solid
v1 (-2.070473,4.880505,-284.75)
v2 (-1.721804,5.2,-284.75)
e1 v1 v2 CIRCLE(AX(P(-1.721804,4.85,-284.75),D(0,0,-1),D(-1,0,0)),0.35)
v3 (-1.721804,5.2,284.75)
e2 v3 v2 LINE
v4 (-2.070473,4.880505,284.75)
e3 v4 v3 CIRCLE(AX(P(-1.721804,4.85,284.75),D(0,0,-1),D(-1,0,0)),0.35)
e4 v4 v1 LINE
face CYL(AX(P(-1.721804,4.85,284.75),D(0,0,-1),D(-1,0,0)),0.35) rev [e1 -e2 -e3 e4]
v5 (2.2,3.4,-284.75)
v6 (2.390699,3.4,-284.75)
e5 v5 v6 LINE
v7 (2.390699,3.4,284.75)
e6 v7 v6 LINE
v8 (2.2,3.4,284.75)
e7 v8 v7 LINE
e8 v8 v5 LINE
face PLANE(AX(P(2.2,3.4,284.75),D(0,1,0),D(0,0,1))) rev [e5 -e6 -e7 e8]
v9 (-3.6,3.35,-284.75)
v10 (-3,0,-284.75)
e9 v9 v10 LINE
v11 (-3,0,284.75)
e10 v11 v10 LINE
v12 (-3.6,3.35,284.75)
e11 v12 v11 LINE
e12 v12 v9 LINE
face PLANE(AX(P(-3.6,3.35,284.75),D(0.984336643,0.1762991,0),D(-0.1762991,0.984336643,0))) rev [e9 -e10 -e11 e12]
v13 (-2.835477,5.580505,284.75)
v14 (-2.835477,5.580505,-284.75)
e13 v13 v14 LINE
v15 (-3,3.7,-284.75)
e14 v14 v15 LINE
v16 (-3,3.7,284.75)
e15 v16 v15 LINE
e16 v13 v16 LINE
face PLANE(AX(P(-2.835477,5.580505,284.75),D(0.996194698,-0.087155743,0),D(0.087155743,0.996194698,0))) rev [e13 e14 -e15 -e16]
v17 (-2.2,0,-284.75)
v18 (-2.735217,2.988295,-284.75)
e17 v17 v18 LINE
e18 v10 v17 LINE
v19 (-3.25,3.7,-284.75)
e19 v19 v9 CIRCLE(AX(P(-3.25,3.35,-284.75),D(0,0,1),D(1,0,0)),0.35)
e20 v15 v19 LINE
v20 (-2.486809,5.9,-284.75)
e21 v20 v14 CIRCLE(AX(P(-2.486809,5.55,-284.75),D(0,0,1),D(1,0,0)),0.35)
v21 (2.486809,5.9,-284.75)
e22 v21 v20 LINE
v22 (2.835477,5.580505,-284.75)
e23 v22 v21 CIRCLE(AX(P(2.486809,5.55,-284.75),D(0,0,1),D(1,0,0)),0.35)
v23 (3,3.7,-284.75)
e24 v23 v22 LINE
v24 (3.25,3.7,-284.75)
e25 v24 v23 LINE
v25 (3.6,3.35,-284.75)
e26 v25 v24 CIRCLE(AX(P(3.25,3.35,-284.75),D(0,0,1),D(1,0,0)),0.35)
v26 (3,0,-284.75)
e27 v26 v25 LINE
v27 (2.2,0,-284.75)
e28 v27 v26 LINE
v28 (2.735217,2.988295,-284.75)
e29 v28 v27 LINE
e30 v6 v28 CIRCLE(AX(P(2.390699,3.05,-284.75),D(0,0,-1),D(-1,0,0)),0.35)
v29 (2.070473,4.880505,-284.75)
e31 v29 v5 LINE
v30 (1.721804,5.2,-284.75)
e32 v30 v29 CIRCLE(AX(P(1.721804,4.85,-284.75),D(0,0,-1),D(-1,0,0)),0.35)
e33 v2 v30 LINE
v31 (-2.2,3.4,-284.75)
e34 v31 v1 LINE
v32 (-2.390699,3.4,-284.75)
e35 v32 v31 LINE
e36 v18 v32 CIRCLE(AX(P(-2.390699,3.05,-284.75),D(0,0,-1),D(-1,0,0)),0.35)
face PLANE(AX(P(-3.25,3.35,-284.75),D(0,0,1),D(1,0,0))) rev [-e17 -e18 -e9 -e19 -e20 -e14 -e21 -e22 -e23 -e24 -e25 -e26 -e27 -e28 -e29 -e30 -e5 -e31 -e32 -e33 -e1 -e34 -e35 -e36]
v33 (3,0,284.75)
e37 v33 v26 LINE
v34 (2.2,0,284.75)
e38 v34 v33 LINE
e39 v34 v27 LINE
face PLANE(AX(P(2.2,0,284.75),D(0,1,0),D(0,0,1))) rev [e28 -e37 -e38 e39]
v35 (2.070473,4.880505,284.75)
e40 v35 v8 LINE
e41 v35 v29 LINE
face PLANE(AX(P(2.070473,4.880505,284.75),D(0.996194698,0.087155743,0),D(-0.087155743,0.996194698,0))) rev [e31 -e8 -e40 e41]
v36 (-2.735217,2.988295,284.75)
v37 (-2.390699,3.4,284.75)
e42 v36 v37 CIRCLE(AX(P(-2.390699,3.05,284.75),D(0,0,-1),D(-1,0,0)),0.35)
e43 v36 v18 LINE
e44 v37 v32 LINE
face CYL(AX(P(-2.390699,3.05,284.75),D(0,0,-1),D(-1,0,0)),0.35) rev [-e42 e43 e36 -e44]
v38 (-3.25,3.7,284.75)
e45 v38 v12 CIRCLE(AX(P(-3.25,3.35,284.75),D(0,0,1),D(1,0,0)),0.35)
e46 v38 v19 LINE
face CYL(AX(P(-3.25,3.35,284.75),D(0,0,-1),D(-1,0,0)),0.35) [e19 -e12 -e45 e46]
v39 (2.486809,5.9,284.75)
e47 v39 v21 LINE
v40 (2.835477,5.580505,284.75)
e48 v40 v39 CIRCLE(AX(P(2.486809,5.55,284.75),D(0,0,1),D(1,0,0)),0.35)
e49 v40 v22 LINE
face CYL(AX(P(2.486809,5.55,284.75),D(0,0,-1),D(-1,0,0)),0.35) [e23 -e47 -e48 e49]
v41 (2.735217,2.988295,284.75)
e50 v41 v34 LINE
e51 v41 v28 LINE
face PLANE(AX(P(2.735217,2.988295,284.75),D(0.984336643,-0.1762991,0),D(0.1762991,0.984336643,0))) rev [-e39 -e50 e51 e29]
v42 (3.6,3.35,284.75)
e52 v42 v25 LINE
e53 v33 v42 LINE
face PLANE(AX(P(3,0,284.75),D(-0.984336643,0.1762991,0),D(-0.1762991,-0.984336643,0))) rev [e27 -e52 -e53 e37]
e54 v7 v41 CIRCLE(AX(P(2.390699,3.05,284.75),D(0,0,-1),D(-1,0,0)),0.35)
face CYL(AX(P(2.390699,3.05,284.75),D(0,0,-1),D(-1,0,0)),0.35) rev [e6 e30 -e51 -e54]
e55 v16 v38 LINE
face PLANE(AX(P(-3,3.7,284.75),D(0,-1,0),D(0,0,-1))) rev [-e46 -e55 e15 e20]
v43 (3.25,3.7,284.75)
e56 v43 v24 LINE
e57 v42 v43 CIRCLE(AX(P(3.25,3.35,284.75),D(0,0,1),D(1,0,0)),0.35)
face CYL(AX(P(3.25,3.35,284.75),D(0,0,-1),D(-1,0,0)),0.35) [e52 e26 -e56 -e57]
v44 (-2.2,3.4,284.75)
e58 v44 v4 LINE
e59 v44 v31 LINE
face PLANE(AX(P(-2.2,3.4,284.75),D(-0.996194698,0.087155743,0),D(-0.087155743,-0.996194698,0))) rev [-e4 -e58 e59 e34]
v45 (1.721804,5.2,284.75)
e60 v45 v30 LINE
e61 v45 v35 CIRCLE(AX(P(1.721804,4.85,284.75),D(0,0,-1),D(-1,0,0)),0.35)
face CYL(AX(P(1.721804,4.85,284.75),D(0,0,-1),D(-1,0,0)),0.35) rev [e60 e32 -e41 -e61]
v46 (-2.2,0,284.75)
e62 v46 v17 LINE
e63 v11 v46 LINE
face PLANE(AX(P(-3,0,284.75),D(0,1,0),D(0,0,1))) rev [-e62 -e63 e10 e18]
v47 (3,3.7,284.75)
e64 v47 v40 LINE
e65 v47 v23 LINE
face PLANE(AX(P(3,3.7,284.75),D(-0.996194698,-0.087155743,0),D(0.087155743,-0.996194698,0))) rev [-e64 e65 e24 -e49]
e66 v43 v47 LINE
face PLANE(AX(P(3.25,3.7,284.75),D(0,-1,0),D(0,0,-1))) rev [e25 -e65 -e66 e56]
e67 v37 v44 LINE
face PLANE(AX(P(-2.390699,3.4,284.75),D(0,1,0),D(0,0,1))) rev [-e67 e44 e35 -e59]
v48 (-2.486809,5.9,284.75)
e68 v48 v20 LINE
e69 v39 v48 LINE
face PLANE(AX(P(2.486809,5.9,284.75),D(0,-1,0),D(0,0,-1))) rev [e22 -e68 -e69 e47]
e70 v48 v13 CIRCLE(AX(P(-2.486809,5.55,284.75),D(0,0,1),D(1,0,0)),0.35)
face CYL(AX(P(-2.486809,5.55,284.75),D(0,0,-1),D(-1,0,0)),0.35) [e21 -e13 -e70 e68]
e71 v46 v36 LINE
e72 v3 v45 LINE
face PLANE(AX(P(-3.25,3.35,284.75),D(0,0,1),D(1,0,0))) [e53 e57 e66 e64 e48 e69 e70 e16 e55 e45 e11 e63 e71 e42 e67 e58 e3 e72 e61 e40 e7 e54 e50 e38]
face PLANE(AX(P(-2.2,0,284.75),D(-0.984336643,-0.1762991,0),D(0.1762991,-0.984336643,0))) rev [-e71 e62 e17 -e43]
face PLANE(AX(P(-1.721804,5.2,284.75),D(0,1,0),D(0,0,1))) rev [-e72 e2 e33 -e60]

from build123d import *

# Parameters (mm, degrees)
BOSS_EXTRUDE1_DEPTH = 284.75


with BuildPart() as part:
    # Sketch1 → Boss-Extrude1 (new body, symmetric)
    with BuildSketch(Plane.XY):
        with BuildLine():
            Line((-3.6, 3.35), (-3, 0))
            Line((-3, 0), (-2.2, 0))
            Line((-2.2, 0), (-2.735217071, 2.988295315))
            ThreePointArc((-2.735217071, 2.988295315), (-2.659117427, 3.274614514), (-2.390699246, 3.4))
            Line((-2.390699246, 3.4), (-2.2, 3.4))
            Line((-2.2, 3.4), (-2.070472639, 4.88050451))
            ThreePointArc((-2.070472639, 4.88050451), (-1.958261067, 5.108047068), (-1.721804495, 5.2))
            Line((-1.721804495, 5.2), (1.721804495, 5.2))
            ThreePointArc((1.721804495, 5.2), (1.958261067, 5.108047068), (2.070472639, 4.88050451))
            Line((2.070472639, 4.88050451), (2.2, 3.4))
            Line((2.2, 3.4), (2.390699246, 3.4))
            ThreePointArc((2.390699246, 3.4), (2.659117427, 3.274614514), (2.735217071, 2.988295315))
            Line((2.735217071, 2.988295315), (2.2, 0))
            Line((2.2, 0), (3, 0))
            Line((3, 0), (3.6, 3.35))
            ThreePointArc((3.6, 3.35), (3.497487373, 3.597487373), (3.25, 3.7))
            Line((3.25, 3.7), (3, 3.7))
            Line((3, 3.7), (2.835477174, 5.58050451))
            ThreePointArc((2.835477174, 5.58050451), (2.723265602, 5.808047068), (2.486809029, 5.9))
            Line((2.486809029, 5.9), (-2.486809029, 5.9))
            ThreePointArc((-2.486809029, 5.9), (-2.723265602, 5.808047068), (-2.835477174, 5.58050451))
            Line((-2.835477174, 5.58050451), (-3, 3.7))
            Line((-3, 3.7), (-3.25, 3.7))
            ThreePointArc((-3.25, 3.7), (-3.497487373, 3.597487373), (-3.6, 3.35))
        make_face()
    extrude(amount=BOSS_EXTRUDE1_DEPTH, both=True)


solid = part.part
